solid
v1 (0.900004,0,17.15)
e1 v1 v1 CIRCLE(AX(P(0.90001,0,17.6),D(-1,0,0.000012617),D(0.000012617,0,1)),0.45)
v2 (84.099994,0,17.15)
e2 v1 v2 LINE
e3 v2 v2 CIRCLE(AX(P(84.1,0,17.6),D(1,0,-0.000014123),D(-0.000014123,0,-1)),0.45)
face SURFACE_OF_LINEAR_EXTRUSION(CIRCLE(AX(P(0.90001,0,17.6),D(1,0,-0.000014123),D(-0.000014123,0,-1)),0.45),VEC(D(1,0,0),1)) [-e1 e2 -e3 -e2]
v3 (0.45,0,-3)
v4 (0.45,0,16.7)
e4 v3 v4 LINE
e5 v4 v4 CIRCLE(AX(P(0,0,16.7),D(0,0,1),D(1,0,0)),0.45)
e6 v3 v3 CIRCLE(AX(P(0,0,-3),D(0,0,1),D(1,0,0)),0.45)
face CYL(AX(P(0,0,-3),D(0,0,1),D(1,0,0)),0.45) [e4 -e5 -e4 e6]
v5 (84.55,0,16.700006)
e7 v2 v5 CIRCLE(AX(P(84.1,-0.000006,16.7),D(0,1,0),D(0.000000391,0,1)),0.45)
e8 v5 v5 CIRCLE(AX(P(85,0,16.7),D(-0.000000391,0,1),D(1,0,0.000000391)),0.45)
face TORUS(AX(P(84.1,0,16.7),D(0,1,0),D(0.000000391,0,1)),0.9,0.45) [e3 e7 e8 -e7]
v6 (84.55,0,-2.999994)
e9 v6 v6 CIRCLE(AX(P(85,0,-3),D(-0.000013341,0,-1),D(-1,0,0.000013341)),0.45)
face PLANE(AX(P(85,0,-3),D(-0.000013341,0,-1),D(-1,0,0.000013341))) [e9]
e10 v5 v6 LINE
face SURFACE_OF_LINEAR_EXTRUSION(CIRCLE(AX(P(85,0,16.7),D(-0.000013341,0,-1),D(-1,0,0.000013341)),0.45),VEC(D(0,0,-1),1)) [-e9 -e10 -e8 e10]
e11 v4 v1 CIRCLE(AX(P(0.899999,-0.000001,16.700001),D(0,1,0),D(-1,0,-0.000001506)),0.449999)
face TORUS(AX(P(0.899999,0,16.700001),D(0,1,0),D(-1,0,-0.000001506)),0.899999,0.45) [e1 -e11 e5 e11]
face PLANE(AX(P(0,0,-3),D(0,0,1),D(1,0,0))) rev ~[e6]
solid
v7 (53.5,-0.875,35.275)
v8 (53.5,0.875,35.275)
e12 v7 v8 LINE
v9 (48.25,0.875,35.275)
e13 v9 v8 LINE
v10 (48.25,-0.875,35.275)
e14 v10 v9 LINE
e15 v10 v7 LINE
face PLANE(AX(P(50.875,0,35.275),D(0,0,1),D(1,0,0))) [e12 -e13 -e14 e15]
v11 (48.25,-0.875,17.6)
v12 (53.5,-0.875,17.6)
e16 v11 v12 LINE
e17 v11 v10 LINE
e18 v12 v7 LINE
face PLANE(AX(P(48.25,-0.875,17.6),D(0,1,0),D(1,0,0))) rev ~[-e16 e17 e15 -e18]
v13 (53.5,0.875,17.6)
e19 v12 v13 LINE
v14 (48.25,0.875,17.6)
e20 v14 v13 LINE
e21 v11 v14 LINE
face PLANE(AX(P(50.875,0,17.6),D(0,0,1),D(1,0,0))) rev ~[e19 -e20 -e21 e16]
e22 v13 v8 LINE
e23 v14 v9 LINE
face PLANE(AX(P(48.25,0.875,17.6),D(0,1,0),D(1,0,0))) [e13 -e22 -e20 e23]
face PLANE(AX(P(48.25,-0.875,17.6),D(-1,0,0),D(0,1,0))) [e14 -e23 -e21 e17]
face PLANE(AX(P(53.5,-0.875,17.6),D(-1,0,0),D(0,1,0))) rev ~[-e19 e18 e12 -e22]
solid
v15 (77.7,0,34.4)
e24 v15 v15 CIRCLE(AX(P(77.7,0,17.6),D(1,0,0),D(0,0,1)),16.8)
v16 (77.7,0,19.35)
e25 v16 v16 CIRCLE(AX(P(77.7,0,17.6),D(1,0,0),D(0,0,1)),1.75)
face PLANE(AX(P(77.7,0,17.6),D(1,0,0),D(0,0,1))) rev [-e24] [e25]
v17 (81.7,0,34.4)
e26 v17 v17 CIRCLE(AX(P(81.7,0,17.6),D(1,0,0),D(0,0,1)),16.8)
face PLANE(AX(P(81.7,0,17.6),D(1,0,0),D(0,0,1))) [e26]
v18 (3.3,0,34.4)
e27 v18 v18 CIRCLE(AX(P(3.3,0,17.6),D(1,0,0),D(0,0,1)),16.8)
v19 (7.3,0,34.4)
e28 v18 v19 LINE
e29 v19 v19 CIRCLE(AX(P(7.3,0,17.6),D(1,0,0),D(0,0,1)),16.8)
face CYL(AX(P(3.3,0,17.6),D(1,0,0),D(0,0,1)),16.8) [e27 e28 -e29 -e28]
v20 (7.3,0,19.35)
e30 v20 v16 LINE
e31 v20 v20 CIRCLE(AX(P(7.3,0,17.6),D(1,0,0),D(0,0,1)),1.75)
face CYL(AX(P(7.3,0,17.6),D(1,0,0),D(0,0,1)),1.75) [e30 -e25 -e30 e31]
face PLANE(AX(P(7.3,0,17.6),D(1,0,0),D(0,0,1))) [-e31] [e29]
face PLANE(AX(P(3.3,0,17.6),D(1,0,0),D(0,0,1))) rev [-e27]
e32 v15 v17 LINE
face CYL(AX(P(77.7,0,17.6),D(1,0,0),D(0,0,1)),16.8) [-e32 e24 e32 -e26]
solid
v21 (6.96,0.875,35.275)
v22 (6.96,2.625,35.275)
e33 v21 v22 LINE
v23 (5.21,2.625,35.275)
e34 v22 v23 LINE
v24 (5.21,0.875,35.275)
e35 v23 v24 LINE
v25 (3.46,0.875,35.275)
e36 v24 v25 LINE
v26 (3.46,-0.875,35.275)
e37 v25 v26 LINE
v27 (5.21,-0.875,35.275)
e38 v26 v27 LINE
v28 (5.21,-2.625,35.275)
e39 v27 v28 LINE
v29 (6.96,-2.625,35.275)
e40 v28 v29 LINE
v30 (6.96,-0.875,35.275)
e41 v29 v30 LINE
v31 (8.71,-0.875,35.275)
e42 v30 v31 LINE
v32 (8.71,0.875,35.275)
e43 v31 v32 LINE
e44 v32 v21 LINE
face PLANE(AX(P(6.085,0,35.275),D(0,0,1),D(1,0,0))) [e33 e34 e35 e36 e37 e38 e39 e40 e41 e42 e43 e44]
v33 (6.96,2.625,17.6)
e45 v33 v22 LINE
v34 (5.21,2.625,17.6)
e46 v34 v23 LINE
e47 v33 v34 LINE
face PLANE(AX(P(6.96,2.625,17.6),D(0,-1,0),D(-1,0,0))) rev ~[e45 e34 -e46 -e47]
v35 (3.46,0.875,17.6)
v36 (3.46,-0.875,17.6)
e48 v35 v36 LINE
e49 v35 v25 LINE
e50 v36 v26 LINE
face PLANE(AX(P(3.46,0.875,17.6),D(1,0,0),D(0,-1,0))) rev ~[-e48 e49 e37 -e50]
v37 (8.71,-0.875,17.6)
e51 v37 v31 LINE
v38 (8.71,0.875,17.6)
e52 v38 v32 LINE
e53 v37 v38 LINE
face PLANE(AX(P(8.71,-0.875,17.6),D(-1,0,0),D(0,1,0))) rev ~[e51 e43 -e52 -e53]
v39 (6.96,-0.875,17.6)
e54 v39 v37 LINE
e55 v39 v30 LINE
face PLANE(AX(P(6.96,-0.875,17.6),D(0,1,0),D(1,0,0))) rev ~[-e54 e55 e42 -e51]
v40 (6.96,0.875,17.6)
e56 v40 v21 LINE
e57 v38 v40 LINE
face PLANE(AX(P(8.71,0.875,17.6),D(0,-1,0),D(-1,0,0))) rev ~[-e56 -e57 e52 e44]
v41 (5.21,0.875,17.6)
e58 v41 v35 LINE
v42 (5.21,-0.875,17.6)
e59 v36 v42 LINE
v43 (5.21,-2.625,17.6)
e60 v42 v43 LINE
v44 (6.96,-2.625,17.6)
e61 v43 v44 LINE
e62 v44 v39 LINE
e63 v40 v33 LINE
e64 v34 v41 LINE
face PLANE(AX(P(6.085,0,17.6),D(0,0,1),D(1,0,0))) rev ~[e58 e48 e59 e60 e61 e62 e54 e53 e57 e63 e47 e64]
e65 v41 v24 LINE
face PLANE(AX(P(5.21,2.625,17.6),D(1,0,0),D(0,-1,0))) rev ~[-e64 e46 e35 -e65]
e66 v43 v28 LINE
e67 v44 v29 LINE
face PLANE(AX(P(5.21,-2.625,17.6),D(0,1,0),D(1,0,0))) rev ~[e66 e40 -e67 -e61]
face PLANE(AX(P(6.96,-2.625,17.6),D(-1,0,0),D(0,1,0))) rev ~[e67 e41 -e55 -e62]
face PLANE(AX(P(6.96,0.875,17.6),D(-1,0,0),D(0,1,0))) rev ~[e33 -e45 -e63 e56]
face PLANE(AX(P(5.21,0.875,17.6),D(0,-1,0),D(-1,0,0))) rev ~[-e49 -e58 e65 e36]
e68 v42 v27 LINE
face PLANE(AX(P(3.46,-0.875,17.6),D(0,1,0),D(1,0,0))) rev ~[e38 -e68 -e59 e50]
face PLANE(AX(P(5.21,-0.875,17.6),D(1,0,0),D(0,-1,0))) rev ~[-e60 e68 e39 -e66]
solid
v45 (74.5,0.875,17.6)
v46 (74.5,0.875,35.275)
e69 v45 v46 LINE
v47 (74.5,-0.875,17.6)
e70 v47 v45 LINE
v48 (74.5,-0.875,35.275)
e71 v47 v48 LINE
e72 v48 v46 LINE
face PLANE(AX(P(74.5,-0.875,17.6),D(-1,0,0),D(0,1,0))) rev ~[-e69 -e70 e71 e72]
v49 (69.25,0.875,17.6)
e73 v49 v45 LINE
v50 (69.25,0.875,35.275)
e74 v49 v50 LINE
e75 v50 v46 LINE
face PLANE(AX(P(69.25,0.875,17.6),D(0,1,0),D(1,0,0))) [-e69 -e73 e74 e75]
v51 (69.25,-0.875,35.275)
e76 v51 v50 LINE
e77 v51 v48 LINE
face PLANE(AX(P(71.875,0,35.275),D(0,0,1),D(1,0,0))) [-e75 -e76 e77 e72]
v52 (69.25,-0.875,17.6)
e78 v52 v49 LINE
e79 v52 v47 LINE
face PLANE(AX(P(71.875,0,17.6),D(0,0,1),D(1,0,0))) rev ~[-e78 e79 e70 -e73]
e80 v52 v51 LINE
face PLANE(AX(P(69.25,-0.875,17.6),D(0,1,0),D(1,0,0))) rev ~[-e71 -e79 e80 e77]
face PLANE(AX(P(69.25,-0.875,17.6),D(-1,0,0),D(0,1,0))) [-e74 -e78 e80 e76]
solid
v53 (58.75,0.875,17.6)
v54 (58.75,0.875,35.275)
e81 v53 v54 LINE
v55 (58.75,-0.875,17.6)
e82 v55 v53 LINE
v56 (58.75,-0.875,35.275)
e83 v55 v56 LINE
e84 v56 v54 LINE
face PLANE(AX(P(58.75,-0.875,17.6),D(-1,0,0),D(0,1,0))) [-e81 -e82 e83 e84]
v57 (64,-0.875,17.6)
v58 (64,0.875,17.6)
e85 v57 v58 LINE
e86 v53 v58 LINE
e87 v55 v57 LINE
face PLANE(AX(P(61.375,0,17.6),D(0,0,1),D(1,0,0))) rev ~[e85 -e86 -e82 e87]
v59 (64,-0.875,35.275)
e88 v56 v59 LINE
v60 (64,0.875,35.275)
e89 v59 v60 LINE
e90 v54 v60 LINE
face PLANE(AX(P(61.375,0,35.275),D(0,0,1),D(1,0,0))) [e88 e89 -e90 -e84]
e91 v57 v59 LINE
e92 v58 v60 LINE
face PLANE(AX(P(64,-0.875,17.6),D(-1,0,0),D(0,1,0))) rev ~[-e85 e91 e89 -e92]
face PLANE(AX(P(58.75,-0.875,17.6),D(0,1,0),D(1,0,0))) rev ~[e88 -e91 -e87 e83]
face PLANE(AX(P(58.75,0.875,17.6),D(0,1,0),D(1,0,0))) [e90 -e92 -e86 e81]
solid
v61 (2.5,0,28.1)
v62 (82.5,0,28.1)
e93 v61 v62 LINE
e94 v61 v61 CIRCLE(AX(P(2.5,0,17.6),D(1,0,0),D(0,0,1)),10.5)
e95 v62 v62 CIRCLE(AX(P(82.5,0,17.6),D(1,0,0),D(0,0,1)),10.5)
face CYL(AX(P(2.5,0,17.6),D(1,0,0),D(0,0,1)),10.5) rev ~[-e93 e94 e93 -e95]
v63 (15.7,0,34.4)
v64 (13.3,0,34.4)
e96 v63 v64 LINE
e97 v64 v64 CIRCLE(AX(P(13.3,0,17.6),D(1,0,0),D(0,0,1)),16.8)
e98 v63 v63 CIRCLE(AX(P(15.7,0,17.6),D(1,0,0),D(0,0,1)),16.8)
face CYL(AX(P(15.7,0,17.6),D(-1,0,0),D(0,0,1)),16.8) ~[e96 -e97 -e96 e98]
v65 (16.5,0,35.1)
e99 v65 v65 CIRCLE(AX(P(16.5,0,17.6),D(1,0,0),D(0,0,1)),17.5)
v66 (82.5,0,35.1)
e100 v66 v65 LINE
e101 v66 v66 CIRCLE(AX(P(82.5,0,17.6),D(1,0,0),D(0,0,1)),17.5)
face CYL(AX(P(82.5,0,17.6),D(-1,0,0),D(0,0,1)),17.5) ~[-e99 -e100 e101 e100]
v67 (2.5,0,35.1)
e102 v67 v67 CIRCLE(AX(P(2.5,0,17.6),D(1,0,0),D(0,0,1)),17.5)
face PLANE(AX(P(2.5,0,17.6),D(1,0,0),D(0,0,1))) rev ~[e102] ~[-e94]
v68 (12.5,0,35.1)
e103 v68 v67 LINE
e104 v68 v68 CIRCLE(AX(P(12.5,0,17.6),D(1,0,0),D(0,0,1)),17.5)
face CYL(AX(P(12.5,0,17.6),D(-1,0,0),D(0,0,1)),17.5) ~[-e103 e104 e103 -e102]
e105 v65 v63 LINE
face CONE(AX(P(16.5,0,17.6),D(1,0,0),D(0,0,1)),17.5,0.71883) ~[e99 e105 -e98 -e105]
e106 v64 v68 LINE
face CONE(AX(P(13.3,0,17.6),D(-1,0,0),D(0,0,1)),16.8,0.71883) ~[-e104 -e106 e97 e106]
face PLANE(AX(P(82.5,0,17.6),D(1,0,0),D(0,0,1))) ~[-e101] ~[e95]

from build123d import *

# Parameters (mm, degrees)
SKETCH_R    = 0.45
SKETCH004_W = 5.25
SKETCH004_H = 1.75
PAD_DEPTH   = 17.675


with BuildPart() as sweep_body:
    # Sweep: sweep along a path in Sketch001
    with BuildLine(Plane.XZ) as sweep_path:
        Line((0, -3), (0, 16.7))
        ThreePointArc((0, 16.7), (0.263607, 17.3364), (0.90001, 17.6))
        Line((0.90001, 17.6), (84.1, 17.6))
        ThreePointArc((84.1, 17.6), (84.736396, 17.336396), (85, 16.7))
        Line((85, 16.7), (85, -3))
    # Sketch → Sweep (sweep)
    with BuildSketch(Plane.XY.offset(-2)):
        Circle(SKETCH_R)
    sweep(path=sweep_path.line)


with BuildPart() as revolution:
    # Sketch002 → Revolution (revolve)
    with BuildSketch(Plane.XZ):
        Polygon((2.5, 35.1), (2.5, 28.1), (82.5, 28.1), (82.5, 35.1), (16.5, 35.1), (15.7, 34.4), (13.3, 34.4), (12.5, 35.1), align=None)
    revolve(axis=Axis((6.97588, 0, 17.6), (1, 0, 0)))


with BuildPart() as revolution001:
    # Sketch003 → Revolution001 (revolve)
    with BuildSketch(Plane.XZ):
        Polygon((3.3, 34.4), (7.3, 34.4), (7.3, 19.35), (77.7, 19.35), (77.7, 34.4), (81.7, 34.4), (81.7, 17.6), (3.3, 17.6), align=None)
    revolve(axis=Axis((6.97588, 0, 17.6), (1, 0, 0)))


with BuildPart() as pad:
    # Sketch004 → Pad (new body)
    with BuildSketch(Plane.XY.offset(17.6)):
        with Locations((71.875, 0)):
            Rectangle(SKETCH004_W, SKETCH004_H)
        with Locations((61.375, 0)):
            Rectangle(SKETCH004_W, SKETCH004_H)
        with Locations((50.875, 0)):
            Rectangle(SKETCH004_W, SKETCH004_H)
        Polygon((5.21, 0.875), (3.46, 0.875), (3.46, -0.875), (5.21, -0.875), (5.21, -2.625), (6.96, -2.625), (6.96, -0.875), (8.71, -0.875), (8.71, 0.875), (6.96, 0.875), (6.96, 2.625), (5.21, 2.625), align=None)
    extrude(amount=PAD_DEPTH)


solid = Compound([sweep_body.part, revolution.part, revolution001.part, pad.part])
